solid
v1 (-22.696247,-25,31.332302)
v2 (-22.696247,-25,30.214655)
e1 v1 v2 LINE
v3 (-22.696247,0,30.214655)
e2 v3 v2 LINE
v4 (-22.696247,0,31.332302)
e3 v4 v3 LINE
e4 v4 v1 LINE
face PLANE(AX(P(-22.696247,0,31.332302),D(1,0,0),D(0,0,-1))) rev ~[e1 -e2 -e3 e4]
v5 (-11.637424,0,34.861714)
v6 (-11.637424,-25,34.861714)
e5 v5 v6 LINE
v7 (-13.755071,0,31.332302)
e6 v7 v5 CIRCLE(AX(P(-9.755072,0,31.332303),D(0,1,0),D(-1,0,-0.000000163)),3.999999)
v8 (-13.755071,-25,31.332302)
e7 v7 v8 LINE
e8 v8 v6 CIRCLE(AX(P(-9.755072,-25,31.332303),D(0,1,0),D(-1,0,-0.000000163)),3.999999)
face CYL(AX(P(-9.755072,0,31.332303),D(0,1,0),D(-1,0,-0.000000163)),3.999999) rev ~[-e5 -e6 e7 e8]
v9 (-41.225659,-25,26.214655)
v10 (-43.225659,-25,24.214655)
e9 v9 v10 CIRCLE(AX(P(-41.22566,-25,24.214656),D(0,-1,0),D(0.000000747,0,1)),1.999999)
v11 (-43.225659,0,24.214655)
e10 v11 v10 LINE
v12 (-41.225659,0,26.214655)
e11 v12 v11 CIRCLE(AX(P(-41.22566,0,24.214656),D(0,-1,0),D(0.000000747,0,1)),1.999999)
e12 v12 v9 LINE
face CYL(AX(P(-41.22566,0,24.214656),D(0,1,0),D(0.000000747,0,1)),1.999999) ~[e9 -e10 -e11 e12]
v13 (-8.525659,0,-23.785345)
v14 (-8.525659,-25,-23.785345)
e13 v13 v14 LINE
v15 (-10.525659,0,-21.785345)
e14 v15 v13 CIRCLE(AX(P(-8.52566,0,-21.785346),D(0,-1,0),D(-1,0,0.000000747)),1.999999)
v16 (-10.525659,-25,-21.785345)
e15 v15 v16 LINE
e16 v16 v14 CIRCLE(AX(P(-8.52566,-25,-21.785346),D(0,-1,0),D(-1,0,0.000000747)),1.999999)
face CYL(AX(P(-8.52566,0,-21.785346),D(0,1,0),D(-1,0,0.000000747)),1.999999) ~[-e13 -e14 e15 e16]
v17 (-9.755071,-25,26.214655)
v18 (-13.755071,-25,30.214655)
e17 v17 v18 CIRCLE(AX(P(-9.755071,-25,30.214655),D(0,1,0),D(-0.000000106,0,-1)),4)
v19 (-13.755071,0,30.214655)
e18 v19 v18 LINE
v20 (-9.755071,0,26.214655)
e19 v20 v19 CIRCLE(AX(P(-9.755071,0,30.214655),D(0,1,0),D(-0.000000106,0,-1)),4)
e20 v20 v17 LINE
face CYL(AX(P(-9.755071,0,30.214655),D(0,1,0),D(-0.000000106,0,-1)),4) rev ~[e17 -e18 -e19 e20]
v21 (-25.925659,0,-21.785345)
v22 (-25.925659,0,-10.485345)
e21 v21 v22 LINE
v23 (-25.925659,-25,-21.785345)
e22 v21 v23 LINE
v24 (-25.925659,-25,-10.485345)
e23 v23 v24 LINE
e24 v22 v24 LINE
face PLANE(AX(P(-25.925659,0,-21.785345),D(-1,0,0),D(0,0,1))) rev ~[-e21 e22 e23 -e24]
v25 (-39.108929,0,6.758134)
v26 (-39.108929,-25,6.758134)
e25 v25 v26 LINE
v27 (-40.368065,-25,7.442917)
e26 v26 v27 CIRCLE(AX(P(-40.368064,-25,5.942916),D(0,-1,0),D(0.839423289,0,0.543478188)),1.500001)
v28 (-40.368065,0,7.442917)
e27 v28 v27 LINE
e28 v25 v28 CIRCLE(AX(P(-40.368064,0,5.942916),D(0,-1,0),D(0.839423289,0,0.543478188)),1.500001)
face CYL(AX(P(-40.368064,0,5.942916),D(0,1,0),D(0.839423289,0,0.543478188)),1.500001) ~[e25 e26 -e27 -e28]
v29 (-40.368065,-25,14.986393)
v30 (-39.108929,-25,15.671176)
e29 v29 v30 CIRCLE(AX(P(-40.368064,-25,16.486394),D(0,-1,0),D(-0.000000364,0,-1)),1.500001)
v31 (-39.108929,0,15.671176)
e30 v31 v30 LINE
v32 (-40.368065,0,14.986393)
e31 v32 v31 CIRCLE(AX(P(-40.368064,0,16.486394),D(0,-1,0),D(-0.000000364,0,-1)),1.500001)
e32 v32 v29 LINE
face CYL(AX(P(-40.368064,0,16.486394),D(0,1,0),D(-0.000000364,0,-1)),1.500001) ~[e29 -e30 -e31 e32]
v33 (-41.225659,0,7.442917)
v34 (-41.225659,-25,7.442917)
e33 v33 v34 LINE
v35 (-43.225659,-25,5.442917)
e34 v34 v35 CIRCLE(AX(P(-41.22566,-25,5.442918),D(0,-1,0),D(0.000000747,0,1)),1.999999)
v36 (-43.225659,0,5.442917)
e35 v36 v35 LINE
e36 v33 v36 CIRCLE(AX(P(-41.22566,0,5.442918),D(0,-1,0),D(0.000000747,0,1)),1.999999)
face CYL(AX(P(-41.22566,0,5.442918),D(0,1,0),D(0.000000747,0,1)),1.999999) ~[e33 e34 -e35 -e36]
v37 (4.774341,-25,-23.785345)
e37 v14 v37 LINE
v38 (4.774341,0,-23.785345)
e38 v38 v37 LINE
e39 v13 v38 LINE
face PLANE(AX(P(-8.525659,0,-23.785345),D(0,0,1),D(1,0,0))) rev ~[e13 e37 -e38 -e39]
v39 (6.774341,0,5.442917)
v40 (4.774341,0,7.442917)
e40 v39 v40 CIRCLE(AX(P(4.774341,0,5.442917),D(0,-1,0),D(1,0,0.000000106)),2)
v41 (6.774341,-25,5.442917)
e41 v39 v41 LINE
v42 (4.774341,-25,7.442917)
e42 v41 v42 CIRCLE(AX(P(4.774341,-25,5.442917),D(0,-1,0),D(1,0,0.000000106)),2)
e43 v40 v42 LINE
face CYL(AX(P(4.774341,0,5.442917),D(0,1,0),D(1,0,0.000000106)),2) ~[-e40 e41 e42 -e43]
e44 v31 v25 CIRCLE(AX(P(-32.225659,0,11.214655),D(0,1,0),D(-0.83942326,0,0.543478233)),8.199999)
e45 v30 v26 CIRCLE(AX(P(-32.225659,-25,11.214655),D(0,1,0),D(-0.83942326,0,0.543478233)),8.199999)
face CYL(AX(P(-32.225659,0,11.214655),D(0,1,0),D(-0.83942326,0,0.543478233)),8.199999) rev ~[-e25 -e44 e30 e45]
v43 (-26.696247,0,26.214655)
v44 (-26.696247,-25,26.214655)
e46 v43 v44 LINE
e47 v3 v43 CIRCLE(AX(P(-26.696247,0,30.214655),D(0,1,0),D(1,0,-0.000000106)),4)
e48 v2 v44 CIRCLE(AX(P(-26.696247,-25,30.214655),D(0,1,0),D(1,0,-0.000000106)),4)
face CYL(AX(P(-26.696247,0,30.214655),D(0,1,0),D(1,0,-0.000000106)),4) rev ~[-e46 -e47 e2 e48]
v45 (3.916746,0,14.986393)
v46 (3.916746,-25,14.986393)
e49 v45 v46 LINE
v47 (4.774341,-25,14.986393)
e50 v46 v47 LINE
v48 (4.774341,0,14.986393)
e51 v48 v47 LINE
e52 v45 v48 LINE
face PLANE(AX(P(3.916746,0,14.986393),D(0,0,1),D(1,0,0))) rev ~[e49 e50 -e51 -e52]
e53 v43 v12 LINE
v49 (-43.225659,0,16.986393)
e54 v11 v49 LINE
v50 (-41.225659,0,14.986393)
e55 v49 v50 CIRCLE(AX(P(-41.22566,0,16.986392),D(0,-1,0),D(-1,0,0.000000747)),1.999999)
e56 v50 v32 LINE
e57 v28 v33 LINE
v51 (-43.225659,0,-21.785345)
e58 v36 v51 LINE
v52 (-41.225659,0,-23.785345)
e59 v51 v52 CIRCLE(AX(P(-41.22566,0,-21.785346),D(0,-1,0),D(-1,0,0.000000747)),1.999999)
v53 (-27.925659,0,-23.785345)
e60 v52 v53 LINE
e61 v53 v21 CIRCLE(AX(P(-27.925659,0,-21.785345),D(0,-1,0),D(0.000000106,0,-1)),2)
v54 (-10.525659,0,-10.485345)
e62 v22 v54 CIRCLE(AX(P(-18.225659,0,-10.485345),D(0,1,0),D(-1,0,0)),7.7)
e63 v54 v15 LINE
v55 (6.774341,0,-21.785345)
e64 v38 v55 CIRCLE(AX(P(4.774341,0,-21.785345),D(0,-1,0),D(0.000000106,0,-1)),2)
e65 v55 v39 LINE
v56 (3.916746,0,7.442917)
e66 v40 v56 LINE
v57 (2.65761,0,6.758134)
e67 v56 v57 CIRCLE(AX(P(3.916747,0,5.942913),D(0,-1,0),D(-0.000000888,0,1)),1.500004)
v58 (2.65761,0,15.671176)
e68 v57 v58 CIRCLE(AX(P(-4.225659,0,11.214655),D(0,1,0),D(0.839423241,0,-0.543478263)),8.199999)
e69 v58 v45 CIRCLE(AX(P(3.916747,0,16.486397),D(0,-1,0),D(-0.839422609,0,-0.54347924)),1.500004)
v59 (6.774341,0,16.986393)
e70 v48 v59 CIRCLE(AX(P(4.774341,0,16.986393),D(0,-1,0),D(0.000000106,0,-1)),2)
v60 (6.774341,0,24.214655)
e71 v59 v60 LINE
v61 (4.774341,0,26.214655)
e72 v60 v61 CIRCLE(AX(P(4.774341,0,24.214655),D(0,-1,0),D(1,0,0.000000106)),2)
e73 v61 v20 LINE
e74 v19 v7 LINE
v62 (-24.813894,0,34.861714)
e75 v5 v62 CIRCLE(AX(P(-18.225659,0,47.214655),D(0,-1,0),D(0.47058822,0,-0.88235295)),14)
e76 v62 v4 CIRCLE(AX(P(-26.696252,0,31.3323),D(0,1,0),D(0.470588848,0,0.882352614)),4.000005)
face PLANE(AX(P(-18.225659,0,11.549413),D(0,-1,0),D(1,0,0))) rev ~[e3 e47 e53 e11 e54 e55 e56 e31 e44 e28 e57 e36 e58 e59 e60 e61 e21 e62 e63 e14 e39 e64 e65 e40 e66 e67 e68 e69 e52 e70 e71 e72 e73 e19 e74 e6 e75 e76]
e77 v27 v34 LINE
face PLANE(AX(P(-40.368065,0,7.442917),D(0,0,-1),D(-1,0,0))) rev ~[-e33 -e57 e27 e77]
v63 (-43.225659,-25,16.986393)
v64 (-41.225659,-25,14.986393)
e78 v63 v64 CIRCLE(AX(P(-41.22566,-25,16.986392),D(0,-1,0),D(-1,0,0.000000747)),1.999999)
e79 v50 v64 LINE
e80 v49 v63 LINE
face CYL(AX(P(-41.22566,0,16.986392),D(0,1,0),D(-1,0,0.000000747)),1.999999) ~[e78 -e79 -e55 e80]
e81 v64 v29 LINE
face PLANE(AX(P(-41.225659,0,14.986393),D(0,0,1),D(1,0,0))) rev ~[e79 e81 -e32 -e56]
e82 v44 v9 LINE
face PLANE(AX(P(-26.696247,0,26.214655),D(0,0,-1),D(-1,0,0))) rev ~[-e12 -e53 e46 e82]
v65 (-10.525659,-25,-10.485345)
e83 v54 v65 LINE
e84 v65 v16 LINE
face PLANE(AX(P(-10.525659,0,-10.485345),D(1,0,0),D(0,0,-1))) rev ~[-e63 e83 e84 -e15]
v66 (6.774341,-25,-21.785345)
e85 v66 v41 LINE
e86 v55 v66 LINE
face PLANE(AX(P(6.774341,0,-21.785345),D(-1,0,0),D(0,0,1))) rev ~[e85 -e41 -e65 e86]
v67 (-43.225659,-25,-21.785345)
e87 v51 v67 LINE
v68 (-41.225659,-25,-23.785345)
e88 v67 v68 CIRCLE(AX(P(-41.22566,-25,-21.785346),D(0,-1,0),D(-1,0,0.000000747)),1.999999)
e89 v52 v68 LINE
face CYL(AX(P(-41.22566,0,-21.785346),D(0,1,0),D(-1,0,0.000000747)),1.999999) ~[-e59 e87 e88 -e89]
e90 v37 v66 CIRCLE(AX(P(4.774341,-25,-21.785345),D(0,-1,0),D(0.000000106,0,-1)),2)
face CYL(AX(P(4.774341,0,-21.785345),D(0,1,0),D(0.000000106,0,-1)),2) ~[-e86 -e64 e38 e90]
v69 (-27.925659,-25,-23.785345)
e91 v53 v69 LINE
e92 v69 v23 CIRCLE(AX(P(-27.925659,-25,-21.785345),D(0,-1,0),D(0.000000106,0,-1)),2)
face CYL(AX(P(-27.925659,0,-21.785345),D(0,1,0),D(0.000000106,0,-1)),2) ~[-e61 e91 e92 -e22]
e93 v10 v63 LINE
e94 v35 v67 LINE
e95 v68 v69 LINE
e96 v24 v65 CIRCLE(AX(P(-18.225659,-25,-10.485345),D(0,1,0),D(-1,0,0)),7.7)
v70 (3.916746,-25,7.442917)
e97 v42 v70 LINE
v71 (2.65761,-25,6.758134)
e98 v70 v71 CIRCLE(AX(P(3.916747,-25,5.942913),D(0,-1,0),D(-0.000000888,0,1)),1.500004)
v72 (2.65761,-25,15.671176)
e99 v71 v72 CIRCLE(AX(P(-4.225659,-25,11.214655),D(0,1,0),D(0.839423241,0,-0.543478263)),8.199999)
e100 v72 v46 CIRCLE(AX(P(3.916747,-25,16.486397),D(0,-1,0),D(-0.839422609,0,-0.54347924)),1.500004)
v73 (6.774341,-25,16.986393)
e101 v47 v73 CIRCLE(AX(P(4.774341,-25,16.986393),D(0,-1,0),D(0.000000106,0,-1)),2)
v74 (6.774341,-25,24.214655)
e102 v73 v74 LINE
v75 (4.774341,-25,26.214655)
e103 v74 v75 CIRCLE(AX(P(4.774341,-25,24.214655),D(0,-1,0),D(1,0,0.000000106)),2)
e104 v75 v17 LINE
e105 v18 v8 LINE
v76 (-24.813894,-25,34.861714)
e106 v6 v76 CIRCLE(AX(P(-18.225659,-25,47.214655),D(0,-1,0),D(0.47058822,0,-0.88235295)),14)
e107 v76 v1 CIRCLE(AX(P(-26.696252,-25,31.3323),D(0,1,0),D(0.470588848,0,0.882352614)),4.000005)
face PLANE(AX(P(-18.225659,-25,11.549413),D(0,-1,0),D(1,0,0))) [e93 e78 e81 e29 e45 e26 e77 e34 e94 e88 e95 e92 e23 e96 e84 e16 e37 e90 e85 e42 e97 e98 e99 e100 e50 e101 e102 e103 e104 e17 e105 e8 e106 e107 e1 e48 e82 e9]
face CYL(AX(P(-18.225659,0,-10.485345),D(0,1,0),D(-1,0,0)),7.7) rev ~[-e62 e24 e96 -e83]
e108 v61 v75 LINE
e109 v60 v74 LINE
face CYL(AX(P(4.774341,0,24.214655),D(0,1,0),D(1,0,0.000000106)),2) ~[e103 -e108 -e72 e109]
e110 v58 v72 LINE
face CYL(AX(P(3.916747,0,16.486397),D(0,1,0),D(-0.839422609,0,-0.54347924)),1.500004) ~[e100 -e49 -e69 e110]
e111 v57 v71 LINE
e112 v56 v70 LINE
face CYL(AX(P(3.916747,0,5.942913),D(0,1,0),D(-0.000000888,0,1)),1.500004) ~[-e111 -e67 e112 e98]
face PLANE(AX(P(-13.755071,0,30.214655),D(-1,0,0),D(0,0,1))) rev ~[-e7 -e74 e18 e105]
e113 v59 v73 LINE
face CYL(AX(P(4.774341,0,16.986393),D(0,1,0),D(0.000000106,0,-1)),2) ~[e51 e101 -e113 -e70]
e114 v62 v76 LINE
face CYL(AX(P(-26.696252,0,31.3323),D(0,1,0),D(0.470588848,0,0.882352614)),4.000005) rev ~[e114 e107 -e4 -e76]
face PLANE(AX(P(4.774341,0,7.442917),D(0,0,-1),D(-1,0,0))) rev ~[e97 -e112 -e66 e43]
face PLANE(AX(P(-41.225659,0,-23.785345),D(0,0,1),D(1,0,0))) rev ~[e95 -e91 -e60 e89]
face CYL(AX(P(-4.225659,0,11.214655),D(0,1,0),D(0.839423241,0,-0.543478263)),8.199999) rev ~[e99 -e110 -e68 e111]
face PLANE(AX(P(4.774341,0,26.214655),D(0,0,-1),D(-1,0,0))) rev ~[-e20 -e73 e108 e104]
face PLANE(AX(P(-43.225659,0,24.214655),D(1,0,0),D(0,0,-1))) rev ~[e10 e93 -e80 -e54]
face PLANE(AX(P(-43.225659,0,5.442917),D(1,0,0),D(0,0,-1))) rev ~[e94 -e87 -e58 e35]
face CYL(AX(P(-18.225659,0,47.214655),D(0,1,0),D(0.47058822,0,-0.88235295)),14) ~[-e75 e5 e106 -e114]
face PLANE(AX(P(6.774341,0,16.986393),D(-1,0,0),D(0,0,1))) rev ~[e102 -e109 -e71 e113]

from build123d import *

# Parameters (mm, degrees)
F1_DEPTH = 25


with BuildPart() as f1:
    # F0 (on Front) → F1 (new body)
    with BuildSketch(Plane.XZ):
        with BuildLine():
            ThreePointArc((-43.225659, -21.785345), (-42.639873, -23.199559), (-41.225659, -23.785345))
            Line((-41.225659, -23.785345), (-27.925659, -23.785345))
            ThreePointArc((-27.925659, -23.785345), (-26.511446, -23.199559), (-25.925659, -21.785345))
            Line((-25.925659, -21.785345), (-25.925659, -10.485345))
            ThreePointArc((-25.925659, -10.485345), (-18.225659, -2.785345), (-10.525659, -10.485345))
            Line((-10.525659, -10.485345), (-10.525659, -21.785345))
            ThreePointArc((-10.525659, -21.785345), (-9.939873, -23.199559), (-8.525659, -23.785345))
            Line((-8.525659, -23.785345), (4.774341, -23.785345))
            ThreePointArc((4.774341, -23.785345), (6.188554, -23.199559), (6.774341, -21.785345))
            Line((6.774341, -21.785345), (6.774341, 5.442917))
            ThreePointArc((6.774341, 5.442917), (6.188554, 6.857131), (4.774341, 7.442917))
            Line((4.774341, 7.442917), (3.916746, 7.442917))
            ThreePointArc((3.916746, 7.442917), (3.200096, 7.260647), (2.65761, 6.758134))
            ThreePointArc((2.65761, 6.758134), (-12.425658, 11.214655), (2.65761, 15.671176))
            ThreePointArc((2.65761, 15.671176), (3.200096, 15.168663), (3.916746, 14.986393))
            Line((3.916746, 14.986393), (4.774341, 14.986393))
            ThreePointArc((4.774341, 14.986393), (6.188554, 15.572179), (6.774341, 16.986393))
            Line((6.774341, 16.986393), (6.774341, 24.214655))
            ThreePointArc((6.774341, 24.214655), (6.188554, 25.628869), (4.774341, 26.214655))
            Line((4.774341, 26.214655), (-9.755071, 26.214655))
            ThreePointArc((-9.755071, 26.214655), (-12.583498, 27.386228), (-13.755071, 30.214655))
            Line((-13.755071, 30.214655), (-13.755071, 31.332302))
            ThreePointArc((-13.755071, 31.332302), (-13.185043, 33.390285), (-11.637424, 34.861714))
            ThreePointArc((-11.637424, 34.861714), (-18.225659, 61.214655), (-24.813894, 34.861714))
            ThreePointArc((-24.813894, 34.861714), (-23.266276, 33.390285), (-22.696247, 31.332302))
            Line((-22.696247, 31.332302), (-22.696247, 30.214655))
            ThreePointArc((-22.696247, 30.214655), (-23.86782, 27.386228), (-26.696247, 26.214655))
            Line((-26.696247, 26.214655), (-41.225659, 26.214655))
            ThreePointArc((-41.225659, 26.214655), (-42.639873, 25.628869), (-43.225659, 24.214655))
            Line((-43.225659, 24.214655), (-43.225659, 16.986393))
            ThreePointArc((-43.225659, 16.986393), (-42.639873, 15.572179), (-41.225659, 14.986393))
            Line((-41.225659, 14.986393), (-40.368065, 14.986393))
            ThreePointArc((-40.368065, 14.986393), (-39.651414, 15.168663), (-39.108929, 15.671176))
            ThreePointArc((-39.108929, 15.671176), (-24.02566, 11.214655), (-39.108929, 6.758134))
            ThreePointArc((-39.108929, 6.758134), (-39.651414, 7.260647), (-40.368065, 7.442917))
            Line((-40.368065, 7.442917), (-41.225659, 7.442917))
            ThreePointArc((-41.225659, 7.442917), (-42.639873, 6.857131), (-43.225659, 5.442917))
            Line((-43.225659, 5.442917), (-43.225659, -21.785345))
        make_face()
    extrude(amount=F1_DEPTH)


solid = f1.part
